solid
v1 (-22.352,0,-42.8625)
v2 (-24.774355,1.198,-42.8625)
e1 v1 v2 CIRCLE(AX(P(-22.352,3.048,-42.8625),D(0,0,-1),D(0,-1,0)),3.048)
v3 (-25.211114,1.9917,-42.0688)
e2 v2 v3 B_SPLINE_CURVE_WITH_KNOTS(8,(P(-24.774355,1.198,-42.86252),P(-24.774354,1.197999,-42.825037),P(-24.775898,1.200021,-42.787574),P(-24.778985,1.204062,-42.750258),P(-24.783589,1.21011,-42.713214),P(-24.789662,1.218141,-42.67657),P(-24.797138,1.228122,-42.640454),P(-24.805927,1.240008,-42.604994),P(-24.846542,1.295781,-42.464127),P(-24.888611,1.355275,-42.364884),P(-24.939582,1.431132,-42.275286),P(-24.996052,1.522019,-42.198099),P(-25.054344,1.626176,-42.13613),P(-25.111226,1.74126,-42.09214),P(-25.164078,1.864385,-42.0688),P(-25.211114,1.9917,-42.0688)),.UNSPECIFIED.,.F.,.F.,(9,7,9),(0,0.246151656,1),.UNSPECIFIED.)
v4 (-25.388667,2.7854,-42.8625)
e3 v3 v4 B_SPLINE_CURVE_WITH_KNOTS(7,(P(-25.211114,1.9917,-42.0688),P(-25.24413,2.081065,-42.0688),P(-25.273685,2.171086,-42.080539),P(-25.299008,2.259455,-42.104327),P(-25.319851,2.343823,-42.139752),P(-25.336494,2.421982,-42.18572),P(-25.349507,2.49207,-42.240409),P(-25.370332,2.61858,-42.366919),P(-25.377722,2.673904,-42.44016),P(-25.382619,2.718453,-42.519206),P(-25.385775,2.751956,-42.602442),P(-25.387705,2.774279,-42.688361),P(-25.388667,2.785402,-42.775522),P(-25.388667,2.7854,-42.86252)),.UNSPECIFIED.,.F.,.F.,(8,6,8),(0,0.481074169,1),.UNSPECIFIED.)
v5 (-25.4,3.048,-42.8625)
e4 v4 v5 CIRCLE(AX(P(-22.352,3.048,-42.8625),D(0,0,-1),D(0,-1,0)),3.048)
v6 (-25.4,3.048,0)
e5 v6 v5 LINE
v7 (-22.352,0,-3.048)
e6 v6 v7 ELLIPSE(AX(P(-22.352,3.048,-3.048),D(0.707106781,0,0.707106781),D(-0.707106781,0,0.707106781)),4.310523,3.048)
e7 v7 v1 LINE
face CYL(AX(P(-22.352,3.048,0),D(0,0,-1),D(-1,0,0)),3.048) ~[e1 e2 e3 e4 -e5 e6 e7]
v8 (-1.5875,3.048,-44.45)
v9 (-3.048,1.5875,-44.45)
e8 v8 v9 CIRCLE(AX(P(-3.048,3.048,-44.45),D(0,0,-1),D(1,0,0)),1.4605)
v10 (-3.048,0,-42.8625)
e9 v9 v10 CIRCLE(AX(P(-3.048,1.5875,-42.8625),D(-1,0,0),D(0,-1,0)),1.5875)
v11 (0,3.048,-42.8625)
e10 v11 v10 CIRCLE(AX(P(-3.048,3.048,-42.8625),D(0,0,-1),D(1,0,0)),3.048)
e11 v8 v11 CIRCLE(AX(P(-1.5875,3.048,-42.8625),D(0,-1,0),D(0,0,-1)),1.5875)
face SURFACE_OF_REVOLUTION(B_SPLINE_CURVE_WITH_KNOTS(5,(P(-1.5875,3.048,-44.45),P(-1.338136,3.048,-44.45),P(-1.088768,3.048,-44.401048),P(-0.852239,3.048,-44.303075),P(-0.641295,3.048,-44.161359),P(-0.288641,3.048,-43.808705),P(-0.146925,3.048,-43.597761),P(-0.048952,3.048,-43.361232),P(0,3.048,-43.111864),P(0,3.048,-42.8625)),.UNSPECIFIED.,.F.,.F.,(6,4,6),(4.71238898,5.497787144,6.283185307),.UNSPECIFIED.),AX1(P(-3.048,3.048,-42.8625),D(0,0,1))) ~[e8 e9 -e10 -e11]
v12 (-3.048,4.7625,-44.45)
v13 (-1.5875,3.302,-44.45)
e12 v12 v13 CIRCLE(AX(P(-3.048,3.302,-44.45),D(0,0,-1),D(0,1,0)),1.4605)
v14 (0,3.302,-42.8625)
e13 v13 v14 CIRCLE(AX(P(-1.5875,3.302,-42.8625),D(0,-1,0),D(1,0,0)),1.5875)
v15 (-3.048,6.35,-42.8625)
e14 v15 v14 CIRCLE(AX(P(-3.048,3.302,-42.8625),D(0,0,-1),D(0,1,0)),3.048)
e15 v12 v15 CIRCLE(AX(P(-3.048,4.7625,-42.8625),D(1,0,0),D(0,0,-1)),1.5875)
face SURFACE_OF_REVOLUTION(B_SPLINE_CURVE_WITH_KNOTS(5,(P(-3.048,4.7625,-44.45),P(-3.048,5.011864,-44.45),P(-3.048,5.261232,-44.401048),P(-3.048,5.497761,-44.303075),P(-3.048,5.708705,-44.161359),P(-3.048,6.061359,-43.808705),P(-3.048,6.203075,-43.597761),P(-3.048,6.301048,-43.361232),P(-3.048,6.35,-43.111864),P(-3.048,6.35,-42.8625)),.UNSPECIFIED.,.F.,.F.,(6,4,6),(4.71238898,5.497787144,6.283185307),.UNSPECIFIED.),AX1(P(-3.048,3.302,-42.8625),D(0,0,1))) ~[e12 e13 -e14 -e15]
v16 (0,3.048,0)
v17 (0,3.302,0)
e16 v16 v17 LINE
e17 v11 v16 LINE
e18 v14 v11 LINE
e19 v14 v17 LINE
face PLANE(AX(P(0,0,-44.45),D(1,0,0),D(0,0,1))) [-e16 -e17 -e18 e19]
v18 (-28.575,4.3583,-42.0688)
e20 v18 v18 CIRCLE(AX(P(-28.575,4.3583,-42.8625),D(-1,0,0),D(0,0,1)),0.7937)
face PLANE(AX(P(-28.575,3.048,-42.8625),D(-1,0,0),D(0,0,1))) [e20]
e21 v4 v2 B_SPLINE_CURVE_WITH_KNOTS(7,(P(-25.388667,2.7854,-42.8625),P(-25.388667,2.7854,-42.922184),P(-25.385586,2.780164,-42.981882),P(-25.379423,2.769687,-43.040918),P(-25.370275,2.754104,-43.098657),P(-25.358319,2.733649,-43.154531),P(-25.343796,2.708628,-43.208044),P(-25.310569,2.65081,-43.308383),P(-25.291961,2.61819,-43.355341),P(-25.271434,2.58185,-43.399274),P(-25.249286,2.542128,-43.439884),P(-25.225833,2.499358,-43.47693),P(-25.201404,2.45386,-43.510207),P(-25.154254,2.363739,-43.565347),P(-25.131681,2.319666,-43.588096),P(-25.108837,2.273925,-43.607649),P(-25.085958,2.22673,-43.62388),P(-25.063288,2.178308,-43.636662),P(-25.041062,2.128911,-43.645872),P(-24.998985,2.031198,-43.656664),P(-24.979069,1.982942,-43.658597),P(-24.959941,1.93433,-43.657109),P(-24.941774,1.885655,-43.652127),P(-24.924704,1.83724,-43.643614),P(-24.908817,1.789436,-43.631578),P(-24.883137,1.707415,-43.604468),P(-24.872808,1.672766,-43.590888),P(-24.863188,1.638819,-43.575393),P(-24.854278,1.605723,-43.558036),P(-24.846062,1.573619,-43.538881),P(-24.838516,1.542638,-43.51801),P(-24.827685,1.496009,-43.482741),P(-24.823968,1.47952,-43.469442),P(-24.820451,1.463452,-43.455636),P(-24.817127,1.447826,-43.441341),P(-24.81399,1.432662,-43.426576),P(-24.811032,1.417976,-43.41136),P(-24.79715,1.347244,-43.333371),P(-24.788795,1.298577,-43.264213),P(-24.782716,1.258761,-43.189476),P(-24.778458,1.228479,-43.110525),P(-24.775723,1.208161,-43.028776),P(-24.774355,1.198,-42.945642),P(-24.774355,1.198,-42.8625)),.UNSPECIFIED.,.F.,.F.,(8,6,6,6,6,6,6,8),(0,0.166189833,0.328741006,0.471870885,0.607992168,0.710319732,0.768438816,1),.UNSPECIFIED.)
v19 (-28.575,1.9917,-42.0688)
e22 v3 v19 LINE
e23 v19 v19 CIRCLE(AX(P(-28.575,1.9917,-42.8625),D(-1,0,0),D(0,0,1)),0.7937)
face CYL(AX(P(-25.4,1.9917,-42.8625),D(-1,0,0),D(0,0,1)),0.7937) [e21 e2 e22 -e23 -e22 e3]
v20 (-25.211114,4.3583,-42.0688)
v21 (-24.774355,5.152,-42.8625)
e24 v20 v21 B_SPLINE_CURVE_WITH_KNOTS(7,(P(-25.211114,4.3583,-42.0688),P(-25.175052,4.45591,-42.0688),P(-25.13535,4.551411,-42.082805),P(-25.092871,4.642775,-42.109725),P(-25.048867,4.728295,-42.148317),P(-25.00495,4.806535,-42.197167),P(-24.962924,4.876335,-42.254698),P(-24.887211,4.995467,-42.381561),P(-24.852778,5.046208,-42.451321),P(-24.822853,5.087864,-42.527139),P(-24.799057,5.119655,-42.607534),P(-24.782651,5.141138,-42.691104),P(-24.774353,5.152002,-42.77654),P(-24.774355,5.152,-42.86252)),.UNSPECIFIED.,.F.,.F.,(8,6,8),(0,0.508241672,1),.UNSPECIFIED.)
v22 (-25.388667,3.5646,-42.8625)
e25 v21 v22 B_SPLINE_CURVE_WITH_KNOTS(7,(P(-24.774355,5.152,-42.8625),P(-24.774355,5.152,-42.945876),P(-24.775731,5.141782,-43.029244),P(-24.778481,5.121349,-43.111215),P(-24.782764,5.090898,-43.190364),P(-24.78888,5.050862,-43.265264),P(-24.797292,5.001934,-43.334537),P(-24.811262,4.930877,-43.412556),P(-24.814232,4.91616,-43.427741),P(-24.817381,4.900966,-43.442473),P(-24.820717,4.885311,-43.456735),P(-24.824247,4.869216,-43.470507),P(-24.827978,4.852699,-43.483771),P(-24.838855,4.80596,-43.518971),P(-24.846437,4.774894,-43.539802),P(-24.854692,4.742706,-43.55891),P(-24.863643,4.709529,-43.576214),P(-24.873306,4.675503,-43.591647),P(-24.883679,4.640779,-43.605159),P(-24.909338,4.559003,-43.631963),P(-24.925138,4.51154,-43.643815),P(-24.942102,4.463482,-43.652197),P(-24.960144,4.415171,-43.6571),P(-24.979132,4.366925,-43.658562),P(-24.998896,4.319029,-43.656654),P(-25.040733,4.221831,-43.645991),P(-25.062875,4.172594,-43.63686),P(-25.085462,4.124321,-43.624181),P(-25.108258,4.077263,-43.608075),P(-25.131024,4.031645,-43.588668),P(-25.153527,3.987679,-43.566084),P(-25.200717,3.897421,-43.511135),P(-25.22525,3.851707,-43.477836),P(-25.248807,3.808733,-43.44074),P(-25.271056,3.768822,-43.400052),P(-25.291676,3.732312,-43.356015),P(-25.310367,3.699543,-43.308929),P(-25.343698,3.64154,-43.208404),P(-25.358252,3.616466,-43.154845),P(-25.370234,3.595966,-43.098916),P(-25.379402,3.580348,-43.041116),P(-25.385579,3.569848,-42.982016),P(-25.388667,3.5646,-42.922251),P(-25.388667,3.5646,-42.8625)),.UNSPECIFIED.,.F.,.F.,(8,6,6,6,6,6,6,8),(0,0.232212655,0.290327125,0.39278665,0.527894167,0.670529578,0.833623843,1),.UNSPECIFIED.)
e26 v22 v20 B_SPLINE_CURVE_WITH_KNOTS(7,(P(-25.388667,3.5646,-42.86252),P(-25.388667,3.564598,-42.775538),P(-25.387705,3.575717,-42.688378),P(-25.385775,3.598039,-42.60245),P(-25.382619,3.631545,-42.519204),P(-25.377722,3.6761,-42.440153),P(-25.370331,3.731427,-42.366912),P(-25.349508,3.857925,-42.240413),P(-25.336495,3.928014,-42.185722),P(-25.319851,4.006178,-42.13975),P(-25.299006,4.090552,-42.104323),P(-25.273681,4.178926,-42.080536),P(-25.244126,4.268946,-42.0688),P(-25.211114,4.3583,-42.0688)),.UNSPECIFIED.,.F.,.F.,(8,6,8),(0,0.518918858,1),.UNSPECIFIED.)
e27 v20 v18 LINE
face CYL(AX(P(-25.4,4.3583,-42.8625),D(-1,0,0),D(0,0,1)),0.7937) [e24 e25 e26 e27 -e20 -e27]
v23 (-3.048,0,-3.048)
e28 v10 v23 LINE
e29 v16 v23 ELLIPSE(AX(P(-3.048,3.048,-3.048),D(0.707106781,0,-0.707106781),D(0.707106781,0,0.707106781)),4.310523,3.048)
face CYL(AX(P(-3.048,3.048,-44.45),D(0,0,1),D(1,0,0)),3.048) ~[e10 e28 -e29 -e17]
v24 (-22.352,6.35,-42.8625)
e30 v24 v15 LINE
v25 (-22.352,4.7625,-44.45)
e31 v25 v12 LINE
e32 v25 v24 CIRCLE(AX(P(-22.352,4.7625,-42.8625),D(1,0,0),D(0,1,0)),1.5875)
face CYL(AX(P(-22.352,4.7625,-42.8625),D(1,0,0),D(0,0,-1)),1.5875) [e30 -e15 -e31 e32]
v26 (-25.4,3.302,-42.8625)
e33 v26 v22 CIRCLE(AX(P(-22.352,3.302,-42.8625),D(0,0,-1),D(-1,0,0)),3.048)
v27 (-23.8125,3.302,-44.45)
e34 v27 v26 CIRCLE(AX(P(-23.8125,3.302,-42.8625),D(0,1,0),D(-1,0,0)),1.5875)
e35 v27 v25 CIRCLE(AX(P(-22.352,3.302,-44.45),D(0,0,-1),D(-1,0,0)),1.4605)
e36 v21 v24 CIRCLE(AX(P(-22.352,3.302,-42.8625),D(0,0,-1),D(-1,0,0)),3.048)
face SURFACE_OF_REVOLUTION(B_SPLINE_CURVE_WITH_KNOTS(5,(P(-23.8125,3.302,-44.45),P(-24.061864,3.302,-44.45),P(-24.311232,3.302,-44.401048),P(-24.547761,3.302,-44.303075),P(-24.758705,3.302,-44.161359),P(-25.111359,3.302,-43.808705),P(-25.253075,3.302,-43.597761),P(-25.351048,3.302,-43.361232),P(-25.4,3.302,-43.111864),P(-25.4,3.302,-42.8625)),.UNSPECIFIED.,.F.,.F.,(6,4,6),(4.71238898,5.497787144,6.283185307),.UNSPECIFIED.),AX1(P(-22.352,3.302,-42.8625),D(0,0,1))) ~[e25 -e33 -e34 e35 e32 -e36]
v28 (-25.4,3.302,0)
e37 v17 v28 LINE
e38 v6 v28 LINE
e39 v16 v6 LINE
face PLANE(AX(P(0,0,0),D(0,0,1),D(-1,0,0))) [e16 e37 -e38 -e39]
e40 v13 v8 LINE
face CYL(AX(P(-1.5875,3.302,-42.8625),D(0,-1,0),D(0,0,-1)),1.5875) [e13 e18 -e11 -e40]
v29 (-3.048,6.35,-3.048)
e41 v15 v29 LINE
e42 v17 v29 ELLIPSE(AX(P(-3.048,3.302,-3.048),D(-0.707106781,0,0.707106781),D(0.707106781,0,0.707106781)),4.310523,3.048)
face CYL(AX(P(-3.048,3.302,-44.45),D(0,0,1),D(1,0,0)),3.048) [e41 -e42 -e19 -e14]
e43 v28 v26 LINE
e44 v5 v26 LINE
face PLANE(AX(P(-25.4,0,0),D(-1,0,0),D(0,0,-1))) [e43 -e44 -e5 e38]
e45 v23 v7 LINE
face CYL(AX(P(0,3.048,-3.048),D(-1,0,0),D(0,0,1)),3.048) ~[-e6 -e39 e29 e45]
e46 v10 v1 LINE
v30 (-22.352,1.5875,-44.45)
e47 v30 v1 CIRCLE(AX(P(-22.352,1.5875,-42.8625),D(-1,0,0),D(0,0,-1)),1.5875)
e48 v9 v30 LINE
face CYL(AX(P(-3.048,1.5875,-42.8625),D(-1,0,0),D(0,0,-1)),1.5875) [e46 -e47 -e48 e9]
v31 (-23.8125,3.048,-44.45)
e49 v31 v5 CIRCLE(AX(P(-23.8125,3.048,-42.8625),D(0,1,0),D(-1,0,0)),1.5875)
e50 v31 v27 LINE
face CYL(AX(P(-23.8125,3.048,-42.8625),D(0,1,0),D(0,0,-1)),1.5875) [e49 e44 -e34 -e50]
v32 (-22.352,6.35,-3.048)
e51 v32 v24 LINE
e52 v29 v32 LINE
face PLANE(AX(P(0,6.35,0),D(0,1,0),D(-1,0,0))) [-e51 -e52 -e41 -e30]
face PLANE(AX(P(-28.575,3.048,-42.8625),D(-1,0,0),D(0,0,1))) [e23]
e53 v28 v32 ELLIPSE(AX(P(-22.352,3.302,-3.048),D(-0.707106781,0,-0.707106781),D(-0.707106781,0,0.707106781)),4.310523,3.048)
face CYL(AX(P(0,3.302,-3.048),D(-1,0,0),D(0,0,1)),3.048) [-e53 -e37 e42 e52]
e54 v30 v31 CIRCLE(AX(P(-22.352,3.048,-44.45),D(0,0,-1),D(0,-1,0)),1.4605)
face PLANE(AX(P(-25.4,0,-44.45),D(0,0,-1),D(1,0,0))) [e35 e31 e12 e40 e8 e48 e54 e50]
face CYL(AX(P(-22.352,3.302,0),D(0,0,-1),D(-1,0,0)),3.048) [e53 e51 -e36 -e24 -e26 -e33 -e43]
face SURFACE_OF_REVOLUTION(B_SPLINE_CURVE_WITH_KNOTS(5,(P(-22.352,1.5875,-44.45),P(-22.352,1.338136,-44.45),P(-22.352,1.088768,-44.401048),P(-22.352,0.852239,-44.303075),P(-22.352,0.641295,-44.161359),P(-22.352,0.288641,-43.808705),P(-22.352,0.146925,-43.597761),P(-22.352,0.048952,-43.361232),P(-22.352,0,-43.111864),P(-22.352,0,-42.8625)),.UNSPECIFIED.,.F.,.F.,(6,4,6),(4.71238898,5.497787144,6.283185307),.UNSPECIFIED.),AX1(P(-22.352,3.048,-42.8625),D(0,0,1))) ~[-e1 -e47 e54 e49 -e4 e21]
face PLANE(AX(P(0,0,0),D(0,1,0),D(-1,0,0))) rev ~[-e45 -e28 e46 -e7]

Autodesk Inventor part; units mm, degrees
ref_plane "YZ Plane" through (0, 0, 0) normal (1, 0, 0) x (0, 1, 0)
ref_plane "XZ Plane" through (0, 0, 0) normal (0, 1, 0) x (-1, 0, 0)
ref_plane "XY Plane" through (0, 0, 0) normal (0, 0, 1) x (1, 0, 0)
sketch "Sketch1" plane through (0, 0, 0) normal (0, 1, 0) x (-1, 0, 0)
  line L0 (0, 0) -> (25.4, 0)
  line L1 (25.4, 0) -> (25.4, -44.45)
  line L2 (25.4, -44.45) -> (0, -44.45)
  line L3 (0, -44.45) -> (0, 0)
  dimension "d0" = 25.4
  dimension "d1" = 44.45
extrude "Extrusion1" add sketch "Sketch1" along normal blind 6.35
fillet "Fillet1" radius 3.048 6 edges at (0, 6.35, -22.225) (0, 0, -22.225) (-12.7, 0, 0) (-12.7, 6.35, 0) (-25.4, 6.35, -22.225) (-25.4, 0, -22.225)
fillet "Fillet2" radius 1.5875 4 edges at (-24.5073, 5.4573, -44.45) (-12.7, 0, -44.45) (-0.8927, 5.4573, -44.45) (-12.7, 6.35, -44.45)
sketch "Sketch2" plane through (-25.4, 3.048, -42.8625) normal (-1, 0, 0) x (0, 0, 1)
  line L0 (0, 0.254) -> (0, 0) projected
  line L1 (0, 0.127) -> (2.6469, 0.127)
  circle A0 centre (0, 1.3103) radius 0.7937
  circle A1 centre (0, -1.0563) radius 0.7937
  point P0 (42.8625, -3.048)
  dimension "d6" = 1.5875
extrude "Extrusion2" add sketch "Sketch2" along normal mid plane 6.35
properties part number "600mah Battery"
